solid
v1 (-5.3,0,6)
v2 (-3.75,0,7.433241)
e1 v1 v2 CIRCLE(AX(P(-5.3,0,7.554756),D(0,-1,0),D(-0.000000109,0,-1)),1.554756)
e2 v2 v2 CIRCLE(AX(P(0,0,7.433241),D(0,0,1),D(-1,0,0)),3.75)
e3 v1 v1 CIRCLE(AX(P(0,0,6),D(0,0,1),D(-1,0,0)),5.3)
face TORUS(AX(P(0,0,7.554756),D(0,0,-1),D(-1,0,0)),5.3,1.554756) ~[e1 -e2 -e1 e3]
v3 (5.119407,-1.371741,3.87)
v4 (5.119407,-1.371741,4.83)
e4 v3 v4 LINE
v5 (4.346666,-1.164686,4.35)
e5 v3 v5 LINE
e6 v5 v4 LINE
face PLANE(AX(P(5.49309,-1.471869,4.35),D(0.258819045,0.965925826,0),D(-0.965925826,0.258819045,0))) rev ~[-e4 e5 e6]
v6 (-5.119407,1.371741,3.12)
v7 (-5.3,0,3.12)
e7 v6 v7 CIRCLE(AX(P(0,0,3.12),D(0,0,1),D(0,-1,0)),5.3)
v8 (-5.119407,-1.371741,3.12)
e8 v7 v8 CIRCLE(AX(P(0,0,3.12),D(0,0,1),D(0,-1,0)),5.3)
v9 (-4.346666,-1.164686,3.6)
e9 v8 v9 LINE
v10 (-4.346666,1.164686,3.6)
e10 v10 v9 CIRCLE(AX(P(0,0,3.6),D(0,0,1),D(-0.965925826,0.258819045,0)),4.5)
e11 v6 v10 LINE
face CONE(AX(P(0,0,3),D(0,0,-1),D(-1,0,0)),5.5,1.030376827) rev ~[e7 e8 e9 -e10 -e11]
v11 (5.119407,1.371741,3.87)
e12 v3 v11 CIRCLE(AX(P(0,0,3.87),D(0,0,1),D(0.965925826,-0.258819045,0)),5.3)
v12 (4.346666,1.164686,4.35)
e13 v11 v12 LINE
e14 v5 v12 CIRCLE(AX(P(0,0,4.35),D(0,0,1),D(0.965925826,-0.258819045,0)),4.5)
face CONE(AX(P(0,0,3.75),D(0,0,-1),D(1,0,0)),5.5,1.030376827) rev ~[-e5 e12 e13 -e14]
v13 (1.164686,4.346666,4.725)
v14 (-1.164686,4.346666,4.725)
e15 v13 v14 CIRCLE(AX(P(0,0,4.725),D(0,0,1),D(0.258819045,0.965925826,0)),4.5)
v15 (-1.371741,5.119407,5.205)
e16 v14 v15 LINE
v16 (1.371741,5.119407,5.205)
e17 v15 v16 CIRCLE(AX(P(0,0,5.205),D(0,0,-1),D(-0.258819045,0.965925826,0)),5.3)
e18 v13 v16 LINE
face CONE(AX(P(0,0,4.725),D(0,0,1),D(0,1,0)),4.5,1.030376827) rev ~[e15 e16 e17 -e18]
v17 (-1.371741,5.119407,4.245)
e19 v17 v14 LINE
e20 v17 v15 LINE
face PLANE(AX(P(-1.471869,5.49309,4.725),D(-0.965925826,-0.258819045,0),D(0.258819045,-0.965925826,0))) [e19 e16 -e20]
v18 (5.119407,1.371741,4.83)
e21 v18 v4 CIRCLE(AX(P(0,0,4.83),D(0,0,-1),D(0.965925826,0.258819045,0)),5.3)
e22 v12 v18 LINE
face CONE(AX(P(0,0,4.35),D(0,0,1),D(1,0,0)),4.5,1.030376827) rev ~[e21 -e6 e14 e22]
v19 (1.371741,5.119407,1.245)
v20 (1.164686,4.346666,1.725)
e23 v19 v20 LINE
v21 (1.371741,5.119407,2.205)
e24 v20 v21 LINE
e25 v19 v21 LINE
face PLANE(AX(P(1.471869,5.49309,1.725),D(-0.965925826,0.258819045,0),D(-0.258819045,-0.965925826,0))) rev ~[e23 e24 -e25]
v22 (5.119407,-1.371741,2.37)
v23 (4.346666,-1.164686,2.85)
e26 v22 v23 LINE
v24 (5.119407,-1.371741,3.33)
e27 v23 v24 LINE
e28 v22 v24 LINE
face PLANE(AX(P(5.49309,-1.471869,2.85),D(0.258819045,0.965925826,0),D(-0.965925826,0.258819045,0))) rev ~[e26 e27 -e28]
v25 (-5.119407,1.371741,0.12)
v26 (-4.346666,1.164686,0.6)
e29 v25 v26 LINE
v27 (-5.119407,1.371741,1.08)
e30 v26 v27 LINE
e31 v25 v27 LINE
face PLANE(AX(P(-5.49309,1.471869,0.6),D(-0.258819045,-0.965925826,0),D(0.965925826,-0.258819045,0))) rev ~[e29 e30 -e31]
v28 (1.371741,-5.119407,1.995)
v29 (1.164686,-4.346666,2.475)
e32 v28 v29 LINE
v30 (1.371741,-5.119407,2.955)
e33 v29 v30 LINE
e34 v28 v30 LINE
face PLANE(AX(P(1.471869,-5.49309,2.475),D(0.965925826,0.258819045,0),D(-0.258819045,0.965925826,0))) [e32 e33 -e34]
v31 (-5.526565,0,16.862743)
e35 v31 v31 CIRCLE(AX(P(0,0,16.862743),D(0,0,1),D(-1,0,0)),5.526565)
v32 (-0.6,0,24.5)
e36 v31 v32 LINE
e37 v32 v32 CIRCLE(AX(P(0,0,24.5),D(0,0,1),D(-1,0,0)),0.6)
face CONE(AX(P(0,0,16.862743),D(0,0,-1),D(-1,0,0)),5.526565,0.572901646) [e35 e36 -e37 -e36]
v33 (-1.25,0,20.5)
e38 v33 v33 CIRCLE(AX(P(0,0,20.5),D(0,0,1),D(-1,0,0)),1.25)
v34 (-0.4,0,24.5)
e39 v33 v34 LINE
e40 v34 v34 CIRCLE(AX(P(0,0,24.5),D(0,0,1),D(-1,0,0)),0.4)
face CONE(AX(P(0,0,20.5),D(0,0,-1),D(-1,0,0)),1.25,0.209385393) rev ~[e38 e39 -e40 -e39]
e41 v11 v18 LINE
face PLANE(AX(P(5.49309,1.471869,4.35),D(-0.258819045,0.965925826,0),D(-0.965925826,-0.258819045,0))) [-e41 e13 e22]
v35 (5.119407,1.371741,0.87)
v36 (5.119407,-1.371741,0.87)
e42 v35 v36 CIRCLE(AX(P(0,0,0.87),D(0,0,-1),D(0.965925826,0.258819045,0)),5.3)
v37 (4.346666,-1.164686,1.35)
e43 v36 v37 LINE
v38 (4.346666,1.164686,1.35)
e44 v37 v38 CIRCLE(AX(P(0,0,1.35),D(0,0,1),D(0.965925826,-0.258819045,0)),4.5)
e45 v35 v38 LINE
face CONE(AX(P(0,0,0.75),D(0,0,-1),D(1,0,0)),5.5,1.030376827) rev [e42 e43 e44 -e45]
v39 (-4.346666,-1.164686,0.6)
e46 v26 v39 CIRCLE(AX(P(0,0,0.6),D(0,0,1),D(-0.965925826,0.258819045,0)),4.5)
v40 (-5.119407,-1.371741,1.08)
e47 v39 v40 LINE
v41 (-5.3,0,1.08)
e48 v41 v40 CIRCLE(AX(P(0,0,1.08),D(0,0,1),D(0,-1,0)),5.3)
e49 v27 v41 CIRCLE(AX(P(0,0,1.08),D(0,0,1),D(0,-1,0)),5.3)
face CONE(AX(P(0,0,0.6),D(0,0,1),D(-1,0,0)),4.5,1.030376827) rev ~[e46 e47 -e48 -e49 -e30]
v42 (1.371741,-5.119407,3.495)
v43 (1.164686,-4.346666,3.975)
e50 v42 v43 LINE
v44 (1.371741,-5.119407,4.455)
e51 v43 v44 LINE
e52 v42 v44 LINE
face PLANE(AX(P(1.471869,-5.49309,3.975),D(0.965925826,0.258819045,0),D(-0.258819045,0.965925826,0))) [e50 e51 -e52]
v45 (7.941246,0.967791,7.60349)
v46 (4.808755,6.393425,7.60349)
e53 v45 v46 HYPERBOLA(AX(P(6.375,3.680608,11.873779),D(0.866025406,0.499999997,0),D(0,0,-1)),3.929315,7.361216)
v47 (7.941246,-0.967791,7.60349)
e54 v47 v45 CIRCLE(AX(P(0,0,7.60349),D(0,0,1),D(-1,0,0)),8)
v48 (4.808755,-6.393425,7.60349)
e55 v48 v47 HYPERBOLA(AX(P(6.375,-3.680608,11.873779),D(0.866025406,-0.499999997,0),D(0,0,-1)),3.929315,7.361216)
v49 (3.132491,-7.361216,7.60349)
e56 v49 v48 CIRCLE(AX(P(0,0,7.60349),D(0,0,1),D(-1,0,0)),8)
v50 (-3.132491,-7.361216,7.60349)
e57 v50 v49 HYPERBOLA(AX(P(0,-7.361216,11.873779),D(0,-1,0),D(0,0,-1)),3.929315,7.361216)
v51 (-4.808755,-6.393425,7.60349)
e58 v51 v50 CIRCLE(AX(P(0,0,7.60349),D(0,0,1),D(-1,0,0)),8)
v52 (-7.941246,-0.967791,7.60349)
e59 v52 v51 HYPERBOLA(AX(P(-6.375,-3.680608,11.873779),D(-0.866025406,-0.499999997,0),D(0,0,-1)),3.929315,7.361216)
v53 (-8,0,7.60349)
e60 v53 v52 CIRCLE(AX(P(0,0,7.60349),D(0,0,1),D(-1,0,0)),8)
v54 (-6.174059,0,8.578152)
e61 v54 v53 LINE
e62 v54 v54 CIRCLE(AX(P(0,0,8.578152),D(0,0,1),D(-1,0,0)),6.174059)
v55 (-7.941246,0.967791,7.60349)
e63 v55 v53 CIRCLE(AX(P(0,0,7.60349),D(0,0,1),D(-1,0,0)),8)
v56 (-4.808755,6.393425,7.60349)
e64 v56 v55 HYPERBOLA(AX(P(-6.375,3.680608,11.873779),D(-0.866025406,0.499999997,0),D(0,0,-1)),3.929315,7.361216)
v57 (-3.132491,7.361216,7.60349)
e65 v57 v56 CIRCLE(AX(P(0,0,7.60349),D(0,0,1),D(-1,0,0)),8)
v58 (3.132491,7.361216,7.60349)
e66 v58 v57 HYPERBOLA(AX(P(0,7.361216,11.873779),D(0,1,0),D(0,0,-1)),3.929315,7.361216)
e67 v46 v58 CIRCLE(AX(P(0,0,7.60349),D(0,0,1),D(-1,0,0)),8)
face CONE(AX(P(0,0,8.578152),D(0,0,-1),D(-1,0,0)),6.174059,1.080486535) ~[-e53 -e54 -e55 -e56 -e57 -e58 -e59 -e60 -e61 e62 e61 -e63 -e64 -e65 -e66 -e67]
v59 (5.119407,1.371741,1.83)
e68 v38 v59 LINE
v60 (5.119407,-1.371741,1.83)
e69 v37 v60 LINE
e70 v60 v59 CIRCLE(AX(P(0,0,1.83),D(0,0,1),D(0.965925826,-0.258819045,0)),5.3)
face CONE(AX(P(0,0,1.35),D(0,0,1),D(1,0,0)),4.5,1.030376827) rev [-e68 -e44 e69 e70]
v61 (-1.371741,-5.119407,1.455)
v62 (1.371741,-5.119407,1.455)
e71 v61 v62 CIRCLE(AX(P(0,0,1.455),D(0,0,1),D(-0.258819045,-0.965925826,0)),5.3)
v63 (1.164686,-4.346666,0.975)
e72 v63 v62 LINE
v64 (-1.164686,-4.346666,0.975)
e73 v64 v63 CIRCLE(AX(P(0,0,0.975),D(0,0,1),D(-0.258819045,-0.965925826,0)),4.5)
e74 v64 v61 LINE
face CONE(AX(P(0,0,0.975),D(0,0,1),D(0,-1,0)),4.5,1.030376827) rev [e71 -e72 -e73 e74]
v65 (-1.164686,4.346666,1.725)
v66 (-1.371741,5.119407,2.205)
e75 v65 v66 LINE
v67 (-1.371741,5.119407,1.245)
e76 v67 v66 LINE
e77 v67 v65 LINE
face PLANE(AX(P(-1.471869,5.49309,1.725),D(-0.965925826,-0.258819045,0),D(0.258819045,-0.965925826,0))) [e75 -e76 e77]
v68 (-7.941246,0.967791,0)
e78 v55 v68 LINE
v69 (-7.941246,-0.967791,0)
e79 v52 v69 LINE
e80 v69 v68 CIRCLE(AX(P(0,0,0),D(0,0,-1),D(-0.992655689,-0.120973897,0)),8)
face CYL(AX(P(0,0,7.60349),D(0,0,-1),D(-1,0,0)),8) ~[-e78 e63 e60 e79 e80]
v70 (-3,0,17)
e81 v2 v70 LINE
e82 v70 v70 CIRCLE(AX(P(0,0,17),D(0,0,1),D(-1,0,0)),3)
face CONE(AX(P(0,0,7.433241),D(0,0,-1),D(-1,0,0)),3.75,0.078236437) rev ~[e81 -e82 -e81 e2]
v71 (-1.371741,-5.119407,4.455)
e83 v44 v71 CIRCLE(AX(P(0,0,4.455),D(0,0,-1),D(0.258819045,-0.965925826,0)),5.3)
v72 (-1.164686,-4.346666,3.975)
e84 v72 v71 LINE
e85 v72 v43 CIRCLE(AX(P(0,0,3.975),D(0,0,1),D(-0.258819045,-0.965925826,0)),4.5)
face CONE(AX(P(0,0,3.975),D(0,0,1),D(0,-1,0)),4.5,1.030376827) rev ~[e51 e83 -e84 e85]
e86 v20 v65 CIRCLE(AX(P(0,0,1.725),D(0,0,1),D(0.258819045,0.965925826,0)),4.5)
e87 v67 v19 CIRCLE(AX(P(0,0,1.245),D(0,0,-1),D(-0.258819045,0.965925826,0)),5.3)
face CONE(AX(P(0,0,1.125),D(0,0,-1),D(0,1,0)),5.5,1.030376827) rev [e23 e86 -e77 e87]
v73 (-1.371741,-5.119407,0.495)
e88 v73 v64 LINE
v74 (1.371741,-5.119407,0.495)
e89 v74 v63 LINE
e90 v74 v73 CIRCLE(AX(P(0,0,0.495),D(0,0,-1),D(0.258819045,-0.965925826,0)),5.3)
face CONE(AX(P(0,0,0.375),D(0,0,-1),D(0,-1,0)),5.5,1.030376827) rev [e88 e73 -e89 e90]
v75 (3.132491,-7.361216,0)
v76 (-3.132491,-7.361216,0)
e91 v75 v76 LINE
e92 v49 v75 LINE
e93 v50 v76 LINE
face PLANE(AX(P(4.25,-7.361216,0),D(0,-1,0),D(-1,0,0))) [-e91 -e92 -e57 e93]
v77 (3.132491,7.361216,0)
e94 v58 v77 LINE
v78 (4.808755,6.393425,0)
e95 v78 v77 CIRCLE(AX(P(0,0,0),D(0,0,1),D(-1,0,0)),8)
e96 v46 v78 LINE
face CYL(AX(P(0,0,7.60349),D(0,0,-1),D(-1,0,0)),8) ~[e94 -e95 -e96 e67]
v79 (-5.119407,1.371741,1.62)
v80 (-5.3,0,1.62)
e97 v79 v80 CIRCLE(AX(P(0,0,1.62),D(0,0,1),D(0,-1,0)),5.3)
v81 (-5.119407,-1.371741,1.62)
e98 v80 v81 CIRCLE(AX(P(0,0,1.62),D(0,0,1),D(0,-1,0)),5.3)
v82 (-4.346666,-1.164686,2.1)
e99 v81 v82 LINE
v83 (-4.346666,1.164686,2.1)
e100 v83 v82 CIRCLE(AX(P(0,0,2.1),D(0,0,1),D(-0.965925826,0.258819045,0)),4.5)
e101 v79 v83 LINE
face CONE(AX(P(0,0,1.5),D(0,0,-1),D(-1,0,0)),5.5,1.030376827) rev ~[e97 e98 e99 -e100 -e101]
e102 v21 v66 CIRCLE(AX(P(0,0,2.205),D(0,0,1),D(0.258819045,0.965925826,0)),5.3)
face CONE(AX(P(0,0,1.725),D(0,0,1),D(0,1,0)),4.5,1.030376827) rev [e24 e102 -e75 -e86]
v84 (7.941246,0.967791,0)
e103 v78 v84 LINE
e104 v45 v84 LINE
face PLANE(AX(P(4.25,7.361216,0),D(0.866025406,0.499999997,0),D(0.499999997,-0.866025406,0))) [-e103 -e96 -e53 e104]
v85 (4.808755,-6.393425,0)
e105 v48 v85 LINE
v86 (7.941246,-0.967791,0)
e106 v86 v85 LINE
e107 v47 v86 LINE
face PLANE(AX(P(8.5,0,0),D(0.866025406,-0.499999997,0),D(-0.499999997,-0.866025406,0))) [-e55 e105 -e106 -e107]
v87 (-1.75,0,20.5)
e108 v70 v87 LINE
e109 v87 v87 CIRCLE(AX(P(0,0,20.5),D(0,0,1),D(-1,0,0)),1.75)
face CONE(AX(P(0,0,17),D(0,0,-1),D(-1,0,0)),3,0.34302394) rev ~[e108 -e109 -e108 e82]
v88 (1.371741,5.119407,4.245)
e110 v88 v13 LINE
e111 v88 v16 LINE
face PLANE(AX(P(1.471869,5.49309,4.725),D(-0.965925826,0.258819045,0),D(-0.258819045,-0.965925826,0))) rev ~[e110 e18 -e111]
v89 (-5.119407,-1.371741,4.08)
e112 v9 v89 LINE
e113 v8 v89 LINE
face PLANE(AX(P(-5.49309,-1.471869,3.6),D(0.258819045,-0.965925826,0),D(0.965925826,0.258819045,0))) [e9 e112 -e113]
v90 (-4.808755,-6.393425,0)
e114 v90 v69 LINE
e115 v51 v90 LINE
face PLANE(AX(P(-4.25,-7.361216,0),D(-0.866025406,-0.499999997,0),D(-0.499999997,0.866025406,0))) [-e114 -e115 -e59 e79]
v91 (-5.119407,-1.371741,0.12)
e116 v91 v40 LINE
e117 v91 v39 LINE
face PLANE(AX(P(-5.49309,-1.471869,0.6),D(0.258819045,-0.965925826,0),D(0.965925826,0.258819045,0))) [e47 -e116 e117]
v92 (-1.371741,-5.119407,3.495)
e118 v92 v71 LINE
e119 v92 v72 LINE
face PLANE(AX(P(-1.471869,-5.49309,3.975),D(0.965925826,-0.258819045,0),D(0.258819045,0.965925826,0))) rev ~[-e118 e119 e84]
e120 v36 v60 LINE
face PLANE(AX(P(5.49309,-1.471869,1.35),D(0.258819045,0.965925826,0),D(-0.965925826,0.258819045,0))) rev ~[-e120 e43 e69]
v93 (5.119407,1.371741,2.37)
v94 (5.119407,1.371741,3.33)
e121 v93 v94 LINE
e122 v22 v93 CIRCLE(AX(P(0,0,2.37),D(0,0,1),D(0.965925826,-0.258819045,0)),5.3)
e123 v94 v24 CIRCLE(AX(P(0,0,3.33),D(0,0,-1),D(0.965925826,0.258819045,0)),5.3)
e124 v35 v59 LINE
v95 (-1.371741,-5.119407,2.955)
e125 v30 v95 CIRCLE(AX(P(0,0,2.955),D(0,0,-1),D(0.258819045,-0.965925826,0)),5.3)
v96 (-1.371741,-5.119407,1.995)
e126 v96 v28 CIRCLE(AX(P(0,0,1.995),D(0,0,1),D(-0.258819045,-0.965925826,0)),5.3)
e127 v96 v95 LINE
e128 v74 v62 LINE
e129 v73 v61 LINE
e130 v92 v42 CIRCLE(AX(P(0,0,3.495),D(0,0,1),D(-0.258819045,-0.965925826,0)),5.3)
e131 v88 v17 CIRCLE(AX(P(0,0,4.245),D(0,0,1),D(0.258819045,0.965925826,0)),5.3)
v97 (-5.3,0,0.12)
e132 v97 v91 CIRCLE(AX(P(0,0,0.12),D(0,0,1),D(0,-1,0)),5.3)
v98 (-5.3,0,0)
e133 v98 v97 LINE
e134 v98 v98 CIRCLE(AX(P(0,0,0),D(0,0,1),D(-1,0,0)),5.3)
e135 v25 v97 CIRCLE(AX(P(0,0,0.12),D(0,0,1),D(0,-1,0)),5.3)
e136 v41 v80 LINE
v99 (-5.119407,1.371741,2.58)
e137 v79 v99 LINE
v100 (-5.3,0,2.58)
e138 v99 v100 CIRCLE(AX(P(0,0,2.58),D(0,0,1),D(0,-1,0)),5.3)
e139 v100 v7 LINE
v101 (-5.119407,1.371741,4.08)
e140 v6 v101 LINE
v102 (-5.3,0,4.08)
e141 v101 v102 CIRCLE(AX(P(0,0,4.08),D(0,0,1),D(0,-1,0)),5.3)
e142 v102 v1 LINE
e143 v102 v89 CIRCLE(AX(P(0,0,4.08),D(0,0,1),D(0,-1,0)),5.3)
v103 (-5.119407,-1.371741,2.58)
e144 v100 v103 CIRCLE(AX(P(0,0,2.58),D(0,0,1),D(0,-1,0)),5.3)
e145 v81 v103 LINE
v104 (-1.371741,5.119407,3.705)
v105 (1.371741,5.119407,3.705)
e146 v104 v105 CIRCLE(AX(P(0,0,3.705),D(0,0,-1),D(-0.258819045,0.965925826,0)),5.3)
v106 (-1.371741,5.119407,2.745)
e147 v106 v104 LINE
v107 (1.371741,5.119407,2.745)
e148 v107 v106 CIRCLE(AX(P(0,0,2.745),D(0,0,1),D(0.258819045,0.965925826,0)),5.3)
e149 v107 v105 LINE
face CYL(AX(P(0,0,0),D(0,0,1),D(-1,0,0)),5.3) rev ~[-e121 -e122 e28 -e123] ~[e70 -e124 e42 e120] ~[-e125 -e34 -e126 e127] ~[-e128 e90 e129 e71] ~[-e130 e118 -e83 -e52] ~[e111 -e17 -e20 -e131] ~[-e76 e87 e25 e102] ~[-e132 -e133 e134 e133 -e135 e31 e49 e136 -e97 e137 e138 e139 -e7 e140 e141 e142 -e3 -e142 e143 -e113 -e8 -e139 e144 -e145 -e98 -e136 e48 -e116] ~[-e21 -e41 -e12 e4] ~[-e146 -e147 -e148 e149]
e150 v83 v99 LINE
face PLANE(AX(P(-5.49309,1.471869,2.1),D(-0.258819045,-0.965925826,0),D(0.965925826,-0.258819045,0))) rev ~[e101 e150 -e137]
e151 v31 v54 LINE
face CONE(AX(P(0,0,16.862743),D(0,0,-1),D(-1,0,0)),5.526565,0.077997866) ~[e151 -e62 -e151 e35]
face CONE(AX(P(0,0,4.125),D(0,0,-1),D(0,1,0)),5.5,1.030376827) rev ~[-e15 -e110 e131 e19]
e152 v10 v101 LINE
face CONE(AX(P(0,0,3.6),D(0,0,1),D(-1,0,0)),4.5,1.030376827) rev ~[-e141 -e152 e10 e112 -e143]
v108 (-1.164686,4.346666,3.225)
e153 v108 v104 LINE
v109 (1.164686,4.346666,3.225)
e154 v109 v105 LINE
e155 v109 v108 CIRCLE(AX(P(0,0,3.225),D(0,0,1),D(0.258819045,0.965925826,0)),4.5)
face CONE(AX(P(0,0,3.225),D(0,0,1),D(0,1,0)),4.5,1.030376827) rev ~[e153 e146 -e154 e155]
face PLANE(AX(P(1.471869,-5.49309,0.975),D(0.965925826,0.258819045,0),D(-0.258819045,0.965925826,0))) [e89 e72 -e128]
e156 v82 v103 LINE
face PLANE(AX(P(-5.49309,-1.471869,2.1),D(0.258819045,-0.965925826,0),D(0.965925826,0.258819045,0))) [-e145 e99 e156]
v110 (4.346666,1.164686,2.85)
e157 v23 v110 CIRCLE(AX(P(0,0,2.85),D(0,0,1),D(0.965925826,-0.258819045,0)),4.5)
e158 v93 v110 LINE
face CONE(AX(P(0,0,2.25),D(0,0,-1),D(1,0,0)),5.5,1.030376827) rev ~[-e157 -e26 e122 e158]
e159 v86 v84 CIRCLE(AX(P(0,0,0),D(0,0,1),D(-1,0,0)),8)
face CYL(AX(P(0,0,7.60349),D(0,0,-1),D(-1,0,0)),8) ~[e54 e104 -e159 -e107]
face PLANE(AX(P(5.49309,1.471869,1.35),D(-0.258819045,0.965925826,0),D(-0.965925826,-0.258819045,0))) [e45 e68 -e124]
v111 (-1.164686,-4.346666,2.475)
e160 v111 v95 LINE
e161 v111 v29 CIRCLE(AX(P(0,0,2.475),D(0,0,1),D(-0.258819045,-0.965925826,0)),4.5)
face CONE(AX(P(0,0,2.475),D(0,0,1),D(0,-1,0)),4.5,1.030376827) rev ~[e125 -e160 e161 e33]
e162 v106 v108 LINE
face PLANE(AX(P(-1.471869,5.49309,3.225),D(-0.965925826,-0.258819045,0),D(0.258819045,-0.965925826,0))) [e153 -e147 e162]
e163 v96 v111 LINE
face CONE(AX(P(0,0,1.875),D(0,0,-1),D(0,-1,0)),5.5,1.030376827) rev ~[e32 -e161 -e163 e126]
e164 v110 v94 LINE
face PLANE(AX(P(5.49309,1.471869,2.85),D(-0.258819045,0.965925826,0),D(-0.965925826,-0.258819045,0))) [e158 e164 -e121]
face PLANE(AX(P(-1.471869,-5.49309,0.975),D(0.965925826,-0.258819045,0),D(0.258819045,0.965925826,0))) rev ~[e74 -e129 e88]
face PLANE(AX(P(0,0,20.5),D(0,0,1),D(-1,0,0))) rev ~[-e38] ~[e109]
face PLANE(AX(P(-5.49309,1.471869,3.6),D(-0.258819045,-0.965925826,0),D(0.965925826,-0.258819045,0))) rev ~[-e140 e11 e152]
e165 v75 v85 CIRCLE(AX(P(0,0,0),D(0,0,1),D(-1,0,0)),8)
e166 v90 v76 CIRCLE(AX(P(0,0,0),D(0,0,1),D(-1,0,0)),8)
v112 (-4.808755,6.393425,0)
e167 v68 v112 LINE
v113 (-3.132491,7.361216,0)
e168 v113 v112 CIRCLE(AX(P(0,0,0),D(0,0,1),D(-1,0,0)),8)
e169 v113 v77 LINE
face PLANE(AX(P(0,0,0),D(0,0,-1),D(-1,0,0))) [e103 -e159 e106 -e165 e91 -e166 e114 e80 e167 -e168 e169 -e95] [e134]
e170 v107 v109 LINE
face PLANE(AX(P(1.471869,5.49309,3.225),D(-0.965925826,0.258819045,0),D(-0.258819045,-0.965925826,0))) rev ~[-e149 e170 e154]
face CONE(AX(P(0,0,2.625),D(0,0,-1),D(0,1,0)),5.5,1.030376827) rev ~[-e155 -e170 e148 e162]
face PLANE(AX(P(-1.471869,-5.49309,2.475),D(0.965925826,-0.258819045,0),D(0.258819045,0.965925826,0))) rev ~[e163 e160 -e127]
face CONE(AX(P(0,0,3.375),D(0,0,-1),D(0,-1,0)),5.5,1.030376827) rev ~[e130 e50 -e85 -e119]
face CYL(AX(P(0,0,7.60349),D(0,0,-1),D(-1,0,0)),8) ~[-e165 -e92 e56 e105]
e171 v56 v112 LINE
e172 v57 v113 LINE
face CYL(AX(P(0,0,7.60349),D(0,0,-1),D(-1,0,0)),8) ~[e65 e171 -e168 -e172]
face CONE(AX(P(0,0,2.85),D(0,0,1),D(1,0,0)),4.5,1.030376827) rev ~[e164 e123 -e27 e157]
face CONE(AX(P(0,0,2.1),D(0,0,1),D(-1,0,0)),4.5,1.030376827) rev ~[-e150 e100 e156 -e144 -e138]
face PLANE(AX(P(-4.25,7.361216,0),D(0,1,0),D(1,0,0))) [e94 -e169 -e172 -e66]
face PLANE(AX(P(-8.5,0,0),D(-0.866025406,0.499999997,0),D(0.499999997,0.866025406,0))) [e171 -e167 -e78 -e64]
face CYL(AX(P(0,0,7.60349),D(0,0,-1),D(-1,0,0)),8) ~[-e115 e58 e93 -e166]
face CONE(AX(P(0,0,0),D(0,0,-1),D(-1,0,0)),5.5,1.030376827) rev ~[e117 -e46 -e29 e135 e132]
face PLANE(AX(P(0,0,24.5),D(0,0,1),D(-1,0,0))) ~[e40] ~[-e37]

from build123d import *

# Parameters (mm, degrees)
SKETCH001_R         = 14.291544
POCKET_DEPTH        = 24.501
REVOLUTION001_ANGLE = 30
REVOLUTION002_ANGLE = 30
REVOLUTION003_ANGLE = 30
REVOLUTION004_ANGLE = 30


with BuildPart() as part:
    # Sketch → Revolution (revolve)
    with BuildSketch(Plane.XZ):
        with BuildLine():
            Line((-5.3, 0), (-5.3, 6))
            ThreePointArc((-5.3, 6), (-4.244457, 6.413224), (-3.75, 7.433241))
            Line((-3.75, 7.433241), (-3, 17))
            Line((-3, 17), (-1.75, 20.5))
            Line((-1.75, 20.5), (-1.25, 20.5))
            Line((-1.25, 20.5), (-0.4, 24.5))
            Line((-0.4, 24.5), (-0.6, 24.5))
            Line((-5.526565, 16.862743), (-0.6, 24.5))
            Line((-5.526565, 16.862743), (-6.174059, 8.578152))
            Line((-6.174059, 8.578152), (-8, 7.60349))
            Line((-8, 7.60349), (-8, 0))
            Line((-5.3, 0), (-8, 0))
        make_face()
    revolve(axis=Axis((0, 0, 0), (0, 0, 1)))

    # Sketch001 (on Face12 of Revolution) → Pocket (cut, through all)
    with BuildSketch(Plane(origin=(0, 0, 0), x_dir=(1, 0, 0), z_dir=(0, 0, -1))):
        Circle(SKETCH001_R)
        Polygon((8.5, 0), (4.25, 7.361216), (-4.25, 7.361216), (-8.5, 0), (-4.25, -7.361216), (4.25, -7.361216), align=None, mode=Mode.SUBTRACT)
    extrude(amount=-POCKET_DEPTH, mode=Mode.SUBTRACT)

    # Sketch002 → Revolution001 (revolve, symmetric)
    with BuildSketch(Plane.XZ) as revolution001_sk:
        Polygon((-5.5, 0), (-4.5, 0.6), (-5.5, 1.2), (-6.5, 1.2), (-6.5, 0), align=None)
        Polygon((-5.5, 1.5), (-4.5, 2.1), (-5.5, 2.7), (-6.5, 2.7), (-6.5, 1.5), align=None)
        Polygon((-5.5, 3), (-4.5, 3.6), (-5.5, 4.2), (-6.5, 4.2), (-6.5, 3), align=None)
    revolve(axis=Axis((0, 0, 0), (0, 0, 1)), revolution_arc=REVOLUTION001_ANGLE / 2)
    revolve(revolution001_sk.sketch, axis=Axis((0, 0, 0), (0, 0, -1)), revolution_arc=REVOLUTION001_ANGLE / 2)

    # Sketch003 → Revolution002 (revolve, symmetric)
    with BuildSketch(Plane(origin=(0, 0, 0.375), x_dir=(0, 1, 0), z_dir=(1, 0, 0))) as revolution002_sk:
        Polygon((-5.5, 0), (-4.5, 0.6), (-5.5, 1.2), (-6.5, 1.2), (-6.5, 0), align=None)
        Polygon((-5.5, 1.5), (-4.5, 2.1), (-5.5, 2.7), (-6.5, 2.7), (-6.5, 1.5), align=None)
        Polygon((-5.5, 3), (-4.5, 3.6), (-5.5, 4.2), (-6.5, 4.2), (-6.5, 3), align=None)
    revolve(axis=Axis((0, 0, 0.375), (0, 0, 1)), revolution_arc=REVOLUTION002_ANGLE / 2)
    revolve(revolution002_sk.sketch, axis=Axis((0, 0, 0.375), (0, 0, -1)), revolution_arc=REVOLUTION002_ANGLE / 2)

    # Sketch004 → Revolution003 (revolve, symmetric)
    with BuildSketch(Plane(origin=(0, 0, 0.75), x_dir=(-1, 0, 0), z_dir=(0, 1, 0))) as revolution003_sk:
        Polygon((-5.5, 0), (-4.5, 0.6), (-5.5, 1.2), (-6.5, 1.2), (-6.5, 0), align=None)
        Polygon((-5.5, 1.5), (-4.5, 2.1), (-5.5, 2.7), (-6.5, 2.7), (-6.5, 1.5), align=None)
        Polygon((-5.5, 3), (-4.5, 3.6), (-5.5, 4.2), (-6.5, 4.2), (-6.5, 3), align=None)
    revolve(axis=Axis((0, 0, 0.75), (0, 0, 1)), revolution_arc=REVOLUTION003_ANGLE / 2)
    revolve(revolution003_sk.sketch, axis=Axis((0, 0, 0.75), (0, 0, -1)), revolution_arc=REVOLUTION003_ANGLE / 2)

    # Sketch005 → Revolution004 (revolve, symmetric)
    with BuildSketch(Plane(origin=(0, 0, 1.125), x_dir=(0, -1, 0), z_dir=(-1, 0, 0))) as revolution004_sk:
        Polygon((-5.5, 0), (-4.5, 0.6), (-5.5, 1.2), (-6.5, 1.2), (-6.5, 0), align=None)
        Polygon((-5.5, 1.5), (-4.5, 2.1), (-5.5, 2.7), (-6.5, 2.7), (-6.5, 1.5), align=None)
        Polygon((-5.5, 3), (-4.5, 3.6), (-5.5, 4.2), (-6.5, 4.2), (-6.5, 3), align=None)
    revolve(axis=Axis((0, 0, 1.125), (0, 0, 1)), revolution_arc=REVOLUTION004_ANGLE / 2)
    revolve(revolution004_sk.sketch, axis=Axis((0, 0, 1.125), (0, 0, -1)), revolution_arc=REVOLUTION004_ANGLE / 2)


solid = part.part
